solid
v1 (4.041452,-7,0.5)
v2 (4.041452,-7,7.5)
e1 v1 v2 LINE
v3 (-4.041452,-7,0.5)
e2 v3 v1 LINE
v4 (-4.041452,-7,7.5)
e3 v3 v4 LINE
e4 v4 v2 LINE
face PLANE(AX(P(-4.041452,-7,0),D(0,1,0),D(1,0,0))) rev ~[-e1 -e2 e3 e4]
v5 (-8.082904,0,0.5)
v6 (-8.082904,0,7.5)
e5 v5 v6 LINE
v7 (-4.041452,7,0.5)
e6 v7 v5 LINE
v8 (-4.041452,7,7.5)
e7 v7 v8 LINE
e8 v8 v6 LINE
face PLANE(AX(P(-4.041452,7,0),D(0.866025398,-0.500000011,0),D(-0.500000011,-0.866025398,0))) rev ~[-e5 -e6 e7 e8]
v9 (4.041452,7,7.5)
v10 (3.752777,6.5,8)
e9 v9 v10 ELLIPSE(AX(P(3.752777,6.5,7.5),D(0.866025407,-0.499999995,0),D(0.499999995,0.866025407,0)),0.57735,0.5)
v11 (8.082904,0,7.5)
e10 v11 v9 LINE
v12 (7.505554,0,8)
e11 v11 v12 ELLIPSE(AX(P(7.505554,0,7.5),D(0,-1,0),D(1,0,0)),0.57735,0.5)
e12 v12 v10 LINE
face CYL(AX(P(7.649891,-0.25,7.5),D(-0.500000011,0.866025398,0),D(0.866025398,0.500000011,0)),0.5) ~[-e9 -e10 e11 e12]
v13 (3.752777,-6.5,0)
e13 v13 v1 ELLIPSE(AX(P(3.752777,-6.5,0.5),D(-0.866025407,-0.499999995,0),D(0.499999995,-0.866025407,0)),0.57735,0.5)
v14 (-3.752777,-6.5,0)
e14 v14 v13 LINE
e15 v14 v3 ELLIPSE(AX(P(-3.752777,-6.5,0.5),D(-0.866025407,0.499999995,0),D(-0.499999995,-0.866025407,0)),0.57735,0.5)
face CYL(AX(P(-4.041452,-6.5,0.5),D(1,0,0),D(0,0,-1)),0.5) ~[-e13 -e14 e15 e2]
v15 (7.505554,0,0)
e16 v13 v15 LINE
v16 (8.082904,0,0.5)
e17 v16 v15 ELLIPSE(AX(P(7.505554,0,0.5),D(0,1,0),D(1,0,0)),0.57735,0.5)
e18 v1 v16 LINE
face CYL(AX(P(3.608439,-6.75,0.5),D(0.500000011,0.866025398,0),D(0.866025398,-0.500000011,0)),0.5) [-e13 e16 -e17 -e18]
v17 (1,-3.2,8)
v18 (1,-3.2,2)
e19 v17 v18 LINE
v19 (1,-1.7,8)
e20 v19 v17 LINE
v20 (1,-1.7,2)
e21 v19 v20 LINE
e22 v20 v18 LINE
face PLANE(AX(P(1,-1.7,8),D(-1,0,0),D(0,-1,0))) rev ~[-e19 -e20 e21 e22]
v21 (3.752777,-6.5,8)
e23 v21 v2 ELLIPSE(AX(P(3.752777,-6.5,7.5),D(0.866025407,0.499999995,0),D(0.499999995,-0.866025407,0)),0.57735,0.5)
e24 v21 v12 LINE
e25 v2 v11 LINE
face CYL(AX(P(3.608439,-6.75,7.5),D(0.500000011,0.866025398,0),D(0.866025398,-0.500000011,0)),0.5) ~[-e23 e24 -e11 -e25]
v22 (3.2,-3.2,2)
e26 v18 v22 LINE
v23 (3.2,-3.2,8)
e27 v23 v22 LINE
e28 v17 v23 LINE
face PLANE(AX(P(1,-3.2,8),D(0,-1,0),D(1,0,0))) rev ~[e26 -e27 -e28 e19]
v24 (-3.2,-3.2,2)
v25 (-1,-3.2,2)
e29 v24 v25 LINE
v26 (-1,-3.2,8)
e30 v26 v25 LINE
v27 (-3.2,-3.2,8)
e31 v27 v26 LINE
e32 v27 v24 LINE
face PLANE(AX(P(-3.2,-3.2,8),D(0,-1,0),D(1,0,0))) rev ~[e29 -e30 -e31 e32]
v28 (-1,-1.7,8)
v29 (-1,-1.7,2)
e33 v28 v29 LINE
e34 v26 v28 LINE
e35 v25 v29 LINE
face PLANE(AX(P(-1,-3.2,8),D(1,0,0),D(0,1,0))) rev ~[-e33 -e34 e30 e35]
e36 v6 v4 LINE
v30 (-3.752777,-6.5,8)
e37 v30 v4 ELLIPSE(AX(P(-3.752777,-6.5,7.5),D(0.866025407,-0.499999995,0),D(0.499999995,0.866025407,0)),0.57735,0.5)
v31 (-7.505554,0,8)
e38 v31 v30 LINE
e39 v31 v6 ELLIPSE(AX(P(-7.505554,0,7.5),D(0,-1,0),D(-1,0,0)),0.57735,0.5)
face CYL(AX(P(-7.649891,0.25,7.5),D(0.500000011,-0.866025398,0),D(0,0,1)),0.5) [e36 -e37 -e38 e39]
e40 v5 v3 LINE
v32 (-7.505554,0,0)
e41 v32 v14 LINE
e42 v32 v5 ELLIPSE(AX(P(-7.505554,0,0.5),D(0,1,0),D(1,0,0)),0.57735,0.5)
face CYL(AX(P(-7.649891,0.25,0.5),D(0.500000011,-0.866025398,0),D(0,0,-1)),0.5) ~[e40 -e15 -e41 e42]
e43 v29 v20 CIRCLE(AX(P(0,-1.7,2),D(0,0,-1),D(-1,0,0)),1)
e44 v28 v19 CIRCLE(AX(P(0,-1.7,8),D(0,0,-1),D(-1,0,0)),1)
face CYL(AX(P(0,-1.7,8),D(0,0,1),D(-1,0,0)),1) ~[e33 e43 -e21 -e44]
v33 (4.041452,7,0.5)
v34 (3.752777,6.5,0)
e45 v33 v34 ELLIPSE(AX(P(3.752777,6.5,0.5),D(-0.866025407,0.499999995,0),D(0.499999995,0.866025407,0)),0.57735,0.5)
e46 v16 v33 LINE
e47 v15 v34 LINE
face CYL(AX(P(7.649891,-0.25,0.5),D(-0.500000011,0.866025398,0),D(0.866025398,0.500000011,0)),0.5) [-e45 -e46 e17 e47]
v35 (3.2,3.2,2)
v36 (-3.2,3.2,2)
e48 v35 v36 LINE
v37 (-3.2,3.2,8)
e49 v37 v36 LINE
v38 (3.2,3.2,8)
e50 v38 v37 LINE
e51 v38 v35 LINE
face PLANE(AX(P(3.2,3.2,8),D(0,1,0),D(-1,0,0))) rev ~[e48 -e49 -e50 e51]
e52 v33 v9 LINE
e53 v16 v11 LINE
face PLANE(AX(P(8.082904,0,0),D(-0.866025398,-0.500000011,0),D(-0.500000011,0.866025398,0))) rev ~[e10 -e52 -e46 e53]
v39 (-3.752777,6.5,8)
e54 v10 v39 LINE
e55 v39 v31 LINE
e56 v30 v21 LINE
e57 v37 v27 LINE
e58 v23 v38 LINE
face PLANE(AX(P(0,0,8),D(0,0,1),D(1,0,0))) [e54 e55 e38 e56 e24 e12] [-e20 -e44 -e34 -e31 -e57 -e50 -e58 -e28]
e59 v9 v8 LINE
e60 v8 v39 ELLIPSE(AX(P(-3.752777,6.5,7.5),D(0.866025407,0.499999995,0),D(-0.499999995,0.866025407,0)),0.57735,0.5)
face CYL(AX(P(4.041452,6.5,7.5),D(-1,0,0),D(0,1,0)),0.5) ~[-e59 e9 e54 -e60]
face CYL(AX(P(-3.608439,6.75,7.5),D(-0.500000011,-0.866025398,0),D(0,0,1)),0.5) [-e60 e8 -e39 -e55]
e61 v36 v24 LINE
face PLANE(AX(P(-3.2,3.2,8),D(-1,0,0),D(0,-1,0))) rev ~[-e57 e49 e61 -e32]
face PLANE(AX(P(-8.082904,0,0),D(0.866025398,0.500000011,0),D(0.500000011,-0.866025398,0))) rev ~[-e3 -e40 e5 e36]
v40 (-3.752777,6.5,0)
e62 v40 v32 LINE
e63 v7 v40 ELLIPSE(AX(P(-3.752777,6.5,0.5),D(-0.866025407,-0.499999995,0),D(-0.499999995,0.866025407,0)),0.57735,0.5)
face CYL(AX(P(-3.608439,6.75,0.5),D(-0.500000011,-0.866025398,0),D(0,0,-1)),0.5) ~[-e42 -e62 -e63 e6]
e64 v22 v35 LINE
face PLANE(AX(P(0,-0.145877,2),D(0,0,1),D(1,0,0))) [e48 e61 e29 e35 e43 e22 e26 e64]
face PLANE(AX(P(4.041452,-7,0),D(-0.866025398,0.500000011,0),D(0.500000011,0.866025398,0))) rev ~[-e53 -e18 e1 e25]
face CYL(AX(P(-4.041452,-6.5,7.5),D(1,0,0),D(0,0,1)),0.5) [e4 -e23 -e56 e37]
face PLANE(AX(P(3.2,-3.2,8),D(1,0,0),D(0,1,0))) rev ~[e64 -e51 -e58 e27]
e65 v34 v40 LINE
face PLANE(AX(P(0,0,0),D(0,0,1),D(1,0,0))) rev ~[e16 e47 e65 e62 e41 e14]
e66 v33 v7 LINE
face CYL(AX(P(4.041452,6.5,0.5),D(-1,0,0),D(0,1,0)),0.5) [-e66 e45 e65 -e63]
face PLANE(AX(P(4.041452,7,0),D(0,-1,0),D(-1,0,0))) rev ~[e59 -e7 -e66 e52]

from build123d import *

# Parameters (mm, degrees)
F1_DEPTH = 8
F3_DEPTH = 6
F4_R     = 0.5


with BuildPart() as f1:
    # F0 (on Top) → F1 (new body)
    with BuildSketch(Plane.XY):
        Polygon((8.082904, 0), (4.041452, 7), (-4.041452, 7), (-8.082904, 0), (-4.041452, -7), (4.041452, -7), align=None)
    extrude(amount=F1_DEPTH)

    # F2 (on face) → F3 (cut)
    with BuildSketch(Plane.XY.offset(8)):
        with BuildLine():
            Line((3.2, -3.2), (3.2, 3.2))
            Line((3.2, 3.2), (-3.2, 3.2))
            Line((-3.2, 3.2), (-3.2, -3.2))
            Line((-3.2, -3.2), (-1, -3.2))
            Line((-1, -3.2), (-1, -1.7))
            ThreePointArc((-1, -1.7), (0, -0.7), (1, -1.7))
            Line((1, -1.7), (1, -3.2))
            Line((1, -3.2), (3.2, -3.2))
        make_face()
    extrude(amount=-F3_DEPTH, mode=Mode.SUBTRACT)

    # F4
    f4_edges = [f1.edges().sort_by_distance(p)[0] for p in [
        (-6.062178, -3.5, 0),
        (0, -7, 0),
        (6.062178, -3.5, 0),
        (6.062178, 3.5, 0),
        (0, 7, 0),
        (-6.062178, 3.5, 0),
        (0, -7, 8),
        (6.062178, -3.5, 8),
        (6.062178, 3.5, 8),
        (0, 7, 8),
        (-6.062178, 3.5, 8),
        (-6.062178, -3.5, 8),
    ]]
    fillet(f4_edges, radius=F4_R)


solid = f1.part
